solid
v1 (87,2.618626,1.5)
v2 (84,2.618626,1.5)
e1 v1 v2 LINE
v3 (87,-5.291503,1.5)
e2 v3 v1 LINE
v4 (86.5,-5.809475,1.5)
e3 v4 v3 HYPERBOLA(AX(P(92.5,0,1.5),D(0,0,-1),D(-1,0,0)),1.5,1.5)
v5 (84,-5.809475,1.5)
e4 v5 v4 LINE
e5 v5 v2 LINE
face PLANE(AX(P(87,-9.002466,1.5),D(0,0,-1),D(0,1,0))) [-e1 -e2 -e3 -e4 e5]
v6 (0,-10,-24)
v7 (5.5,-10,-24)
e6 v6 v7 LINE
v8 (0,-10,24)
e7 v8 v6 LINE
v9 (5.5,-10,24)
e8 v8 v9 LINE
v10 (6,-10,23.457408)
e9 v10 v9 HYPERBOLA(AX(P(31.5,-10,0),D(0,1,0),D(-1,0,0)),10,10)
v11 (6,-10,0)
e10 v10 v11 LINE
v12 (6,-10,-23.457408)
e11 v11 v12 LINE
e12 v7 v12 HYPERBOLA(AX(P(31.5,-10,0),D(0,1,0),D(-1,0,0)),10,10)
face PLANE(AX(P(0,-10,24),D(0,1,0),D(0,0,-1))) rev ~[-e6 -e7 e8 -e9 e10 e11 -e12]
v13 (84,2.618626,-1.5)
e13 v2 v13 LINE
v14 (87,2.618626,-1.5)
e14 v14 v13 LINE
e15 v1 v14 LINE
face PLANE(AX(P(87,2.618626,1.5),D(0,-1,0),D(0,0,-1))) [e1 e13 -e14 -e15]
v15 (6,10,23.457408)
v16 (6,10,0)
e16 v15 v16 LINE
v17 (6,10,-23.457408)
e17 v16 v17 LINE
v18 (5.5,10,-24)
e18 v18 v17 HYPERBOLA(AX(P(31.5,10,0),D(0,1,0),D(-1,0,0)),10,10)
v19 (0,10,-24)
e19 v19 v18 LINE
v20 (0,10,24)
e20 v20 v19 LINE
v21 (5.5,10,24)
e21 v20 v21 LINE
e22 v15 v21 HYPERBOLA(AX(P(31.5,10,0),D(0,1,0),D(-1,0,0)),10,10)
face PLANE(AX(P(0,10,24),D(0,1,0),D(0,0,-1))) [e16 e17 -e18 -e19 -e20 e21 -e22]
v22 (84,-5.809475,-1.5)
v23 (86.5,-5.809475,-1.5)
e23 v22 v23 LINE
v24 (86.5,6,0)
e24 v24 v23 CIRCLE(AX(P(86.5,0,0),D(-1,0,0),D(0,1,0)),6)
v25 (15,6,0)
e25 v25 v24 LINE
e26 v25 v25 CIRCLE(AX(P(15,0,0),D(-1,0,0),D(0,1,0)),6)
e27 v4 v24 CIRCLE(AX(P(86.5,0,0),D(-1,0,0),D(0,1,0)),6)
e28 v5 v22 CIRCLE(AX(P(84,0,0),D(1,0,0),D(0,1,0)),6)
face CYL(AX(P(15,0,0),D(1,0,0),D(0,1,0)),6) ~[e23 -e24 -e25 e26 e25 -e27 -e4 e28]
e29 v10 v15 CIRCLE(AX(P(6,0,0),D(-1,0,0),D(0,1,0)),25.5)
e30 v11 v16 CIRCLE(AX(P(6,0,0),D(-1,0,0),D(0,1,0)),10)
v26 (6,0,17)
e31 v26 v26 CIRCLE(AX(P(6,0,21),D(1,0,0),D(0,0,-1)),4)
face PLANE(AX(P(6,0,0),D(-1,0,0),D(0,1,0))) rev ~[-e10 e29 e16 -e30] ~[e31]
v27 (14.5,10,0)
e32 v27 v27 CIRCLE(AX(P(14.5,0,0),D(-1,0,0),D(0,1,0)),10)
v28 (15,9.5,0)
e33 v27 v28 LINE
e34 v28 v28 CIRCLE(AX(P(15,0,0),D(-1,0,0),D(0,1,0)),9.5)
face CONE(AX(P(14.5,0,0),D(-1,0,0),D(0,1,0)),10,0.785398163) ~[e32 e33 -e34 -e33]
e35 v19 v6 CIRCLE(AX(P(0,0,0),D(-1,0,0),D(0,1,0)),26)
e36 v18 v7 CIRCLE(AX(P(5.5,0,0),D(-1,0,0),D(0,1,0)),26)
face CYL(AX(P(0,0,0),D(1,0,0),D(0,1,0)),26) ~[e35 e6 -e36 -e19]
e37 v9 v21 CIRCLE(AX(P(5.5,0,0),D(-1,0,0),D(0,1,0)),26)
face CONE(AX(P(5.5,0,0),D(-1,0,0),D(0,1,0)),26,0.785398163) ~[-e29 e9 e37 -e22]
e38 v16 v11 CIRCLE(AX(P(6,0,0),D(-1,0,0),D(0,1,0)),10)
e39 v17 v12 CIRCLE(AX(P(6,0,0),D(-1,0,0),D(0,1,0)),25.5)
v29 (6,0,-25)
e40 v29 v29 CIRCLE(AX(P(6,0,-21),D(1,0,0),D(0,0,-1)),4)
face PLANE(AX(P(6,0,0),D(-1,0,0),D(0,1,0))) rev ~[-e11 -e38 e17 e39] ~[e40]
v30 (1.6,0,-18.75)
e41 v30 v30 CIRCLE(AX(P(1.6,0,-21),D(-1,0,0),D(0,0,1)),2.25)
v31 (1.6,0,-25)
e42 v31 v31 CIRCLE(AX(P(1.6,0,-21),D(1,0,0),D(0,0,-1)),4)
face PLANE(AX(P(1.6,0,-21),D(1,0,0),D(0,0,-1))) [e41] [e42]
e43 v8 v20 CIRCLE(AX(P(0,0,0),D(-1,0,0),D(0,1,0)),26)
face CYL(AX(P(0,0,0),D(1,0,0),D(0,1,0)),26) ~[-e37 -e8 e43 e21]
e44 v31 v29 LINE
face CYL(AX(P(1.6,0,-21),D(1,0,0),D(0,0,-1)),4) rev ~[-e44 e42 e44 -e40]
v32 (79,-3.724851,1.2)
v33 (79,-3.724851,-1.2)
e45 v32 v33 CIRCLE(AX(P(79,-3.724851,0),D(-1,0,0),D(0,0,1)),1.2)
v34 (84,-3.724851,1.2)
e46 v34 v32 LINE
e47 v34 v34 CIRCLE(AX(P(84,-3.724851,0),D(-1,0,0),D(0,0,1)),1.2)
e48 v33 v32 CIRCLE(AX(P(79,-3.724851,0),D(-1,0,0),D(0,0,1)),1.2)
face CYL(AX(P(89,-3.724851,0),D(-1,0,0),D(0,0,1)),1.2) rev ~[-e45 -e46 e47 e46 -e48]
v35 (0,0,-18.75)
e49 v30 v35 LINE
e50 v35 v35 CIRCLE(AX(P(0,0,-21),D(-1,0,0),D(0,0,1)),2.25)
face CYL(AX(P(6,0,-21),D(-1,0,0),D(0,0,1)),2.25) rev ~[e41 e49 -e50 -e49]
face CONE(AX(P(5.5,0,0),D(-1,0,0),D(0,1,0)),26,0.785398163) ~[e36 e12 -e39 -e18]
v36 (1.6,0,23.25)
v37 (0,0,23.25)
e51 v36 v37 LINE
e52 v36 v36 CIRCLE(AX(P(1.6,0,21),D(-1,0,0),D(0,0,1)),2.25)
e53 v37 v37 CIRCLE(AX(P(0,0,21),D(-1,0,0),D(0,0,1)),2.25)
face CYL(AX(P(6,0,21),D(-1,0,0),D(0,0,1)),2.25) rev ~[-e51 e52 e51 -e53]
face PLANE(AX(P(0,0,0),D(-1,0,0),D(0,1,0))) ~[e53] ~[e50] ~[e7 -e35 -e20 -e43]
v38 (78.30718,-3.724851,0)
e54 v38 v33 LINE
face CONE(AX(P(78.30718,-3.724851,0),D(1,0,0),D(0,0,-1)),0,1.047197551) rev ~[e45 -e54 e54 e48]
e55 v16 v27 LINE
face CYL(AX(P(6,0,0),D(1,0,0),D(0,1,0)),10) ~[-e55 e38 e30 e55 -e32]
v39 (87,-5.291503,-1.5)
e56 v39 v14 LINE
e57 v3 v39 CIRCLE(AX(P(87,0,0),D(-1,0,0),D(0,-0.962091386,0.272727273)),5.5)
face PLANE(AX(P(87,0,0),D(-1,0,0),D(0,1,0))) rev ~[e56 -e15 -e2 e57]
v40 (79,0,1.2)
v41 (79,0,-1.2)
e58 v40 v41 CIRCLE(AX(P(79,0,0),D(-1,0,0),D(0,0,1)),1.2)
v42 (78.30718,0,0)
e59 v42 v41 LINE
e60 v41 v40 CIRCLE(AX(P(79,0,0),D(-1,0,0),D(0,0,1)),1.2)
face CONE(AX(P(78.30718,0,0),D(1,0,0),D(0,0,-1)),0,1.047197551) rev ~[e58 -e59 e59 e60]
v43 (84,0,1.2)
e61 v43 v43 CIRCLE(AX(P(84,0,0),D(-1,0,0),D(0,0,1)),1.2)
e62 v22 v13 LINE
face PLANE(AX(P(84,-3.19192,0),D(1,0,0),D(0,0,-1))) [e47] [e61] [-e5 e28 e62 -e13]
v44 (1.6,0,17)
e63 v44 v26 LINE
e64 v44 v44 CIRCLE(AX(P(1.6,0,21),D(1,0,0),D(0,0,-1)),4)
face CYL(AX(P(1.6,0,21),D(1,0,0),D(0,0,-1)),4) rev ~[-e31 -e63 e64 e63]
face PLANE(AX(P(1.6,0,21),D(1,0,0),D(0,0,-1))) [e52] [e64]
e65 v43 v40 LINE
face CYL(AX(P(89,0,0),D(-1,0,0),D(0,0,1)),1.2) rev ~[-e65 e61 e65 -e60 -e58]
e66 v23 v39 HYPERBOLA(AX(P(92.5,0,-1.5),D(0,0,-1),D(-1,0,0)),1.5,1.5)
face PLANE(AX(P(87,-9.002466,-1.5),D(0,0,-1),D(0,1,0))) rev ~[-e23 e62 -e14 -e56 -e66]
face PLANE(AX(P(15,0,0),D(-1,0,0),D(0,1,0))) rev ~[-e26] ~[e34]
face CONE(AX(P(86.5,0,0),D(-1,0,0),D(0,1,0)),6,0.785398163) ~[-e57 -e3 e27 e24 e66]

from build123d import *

# Parameters (mm, degrees)
CHANFREIN1_SIZE                                    = 0.5
CHAMBRAGE_POUR_VIS_T_TE_HEXAGONALE_M41_D           = 4.5
CHAMBRAGE_POUR_VIS_T_TE_HEXAGONALE_M41_CBORE_D     = 8
CHAMBRAGE_POUR_VIS_T_TE_HEXAGONALE_M41_CBORE_DEPTH = 4.4
ENL_V_MAT_EXTRU_2_DEPTH                            = 95.451045521
CHANFREIN3_SIZE                                    = 0.5
ESQUISSE12_W                                       = 3
ESQUISSE12_H                                       = 11.621091342
ENL_V_MAT_EXTRU_3_DEPTH                            = 3
D_GAGEMENT_M21_D                                   = 2.4
D_GAGEMENT_M21_DEPTH                               = 5
D_GAGEMENT_M21_TIP                                 = 0.692820323


with BuildPart() as part:
    # Esquisse1 → Révolution1 (revolve)
    with BuildSketch(Plane.XY):
        Polygon((15, 6), (87, 6), (87, 0), (0, 0), (0, 26), (6, 26), (6, 10), (15, 10), align=None)
    revolve(axis=Axis((87, 0, 0), (-1, 0, 0)))

    # Chanfrein1
    chanfrein1_edges = [part.edges().sort_by_distance(p)[0] for p in [
        (6, -26, 0),
        (15, -10, 0),
    ]]
    chamfer(chanfrein1_edges, length=CHANFREIN1_SIZE)

    # Chambrage pour vis à tête hexagonale M41 (through all)
    with Locations(Plane(origin=(6, 0, 0), x_dir=(0, 0, -1), z_dir=(1, 0, 0))):
        with Locations((-21, 0), (21, 0)):
            CounterBoreHole(CHAMBRAGE_POUR_VIS_T_TE_HEXAGONALE_M41_D / 2, CHAMBRAGE_POUR_VIS_T_TE_HEXAGONALE_M41_CBORE_D / 2, CHAMBRAGE_POUR_VIS_T_TE_HEXAGONALE_M41_CBORE_DEPTH)

    # Esquisse11 → Enlèv. mat.-Extru.2 (cut, through all)
    with BuildSketch(Plane.ZY):
        with BuildLine():
            Line((24, -10), (-24, -10))
            ThreePointArc((-24, -10), (0, -26), (24, -10))
        make_face()
        with BuildLine():
            Line((24, 10), (-24, 10))
            ThreePointArc((-24, 10), (0, 26), (24, 10))
        make_face()
    extrude(amount=-ENL_V_MAT_EXTRU_2_DEPTH, mode=Mode.SUBTRACT)

    # Chanfrein3
    chanfrein3_edges = [part.edges().sort_by_distance(p)[0] for p in [
        (87, -6, 0),
    ]]
    chamfer(chanfrein3_edges, length=CHANFREIN3_SIZE)

    # Esquisse12 → Enlèv. mat.-Extru.3 (cut)
    with BuildSketch(Plane(origin=(87, 0, 0), x_dir=(0, 0, -1), z_dir=(1, 0, 0))):
        with Locations((0, -3.191920072)):
            Rectangle(ESQUISSE12_W, ESQUISSE12_H)
    extrude(amount=-ENL_V_MAT_EXTRU_3_DEPTH, mode=Mode.SUBTRACT)

    # Dégagement M21
    with Locations(Plane(origin=(84, 0, 0), x_dir=(0, 0, -1), z_dir=(1, 0, 0))):
        with Locations((0, 0), (0, -3.724850959)):
            Hole(D_GAGEMENT_M21_D / 2, depth=D_GAGEMENT_M21_DEPTH)
            with Locations((0, 0, -(D_GAGEMENT_M21_DEPTH + D_GAGEMENT_M21_TIP / 2))):  # 120° drill point
                Cone(0, D_GAGEMENT_M21_D / 2, D_GAGEMENT_M21_TIP, mode=Mode.SUBTRACT)


solid = part.part
